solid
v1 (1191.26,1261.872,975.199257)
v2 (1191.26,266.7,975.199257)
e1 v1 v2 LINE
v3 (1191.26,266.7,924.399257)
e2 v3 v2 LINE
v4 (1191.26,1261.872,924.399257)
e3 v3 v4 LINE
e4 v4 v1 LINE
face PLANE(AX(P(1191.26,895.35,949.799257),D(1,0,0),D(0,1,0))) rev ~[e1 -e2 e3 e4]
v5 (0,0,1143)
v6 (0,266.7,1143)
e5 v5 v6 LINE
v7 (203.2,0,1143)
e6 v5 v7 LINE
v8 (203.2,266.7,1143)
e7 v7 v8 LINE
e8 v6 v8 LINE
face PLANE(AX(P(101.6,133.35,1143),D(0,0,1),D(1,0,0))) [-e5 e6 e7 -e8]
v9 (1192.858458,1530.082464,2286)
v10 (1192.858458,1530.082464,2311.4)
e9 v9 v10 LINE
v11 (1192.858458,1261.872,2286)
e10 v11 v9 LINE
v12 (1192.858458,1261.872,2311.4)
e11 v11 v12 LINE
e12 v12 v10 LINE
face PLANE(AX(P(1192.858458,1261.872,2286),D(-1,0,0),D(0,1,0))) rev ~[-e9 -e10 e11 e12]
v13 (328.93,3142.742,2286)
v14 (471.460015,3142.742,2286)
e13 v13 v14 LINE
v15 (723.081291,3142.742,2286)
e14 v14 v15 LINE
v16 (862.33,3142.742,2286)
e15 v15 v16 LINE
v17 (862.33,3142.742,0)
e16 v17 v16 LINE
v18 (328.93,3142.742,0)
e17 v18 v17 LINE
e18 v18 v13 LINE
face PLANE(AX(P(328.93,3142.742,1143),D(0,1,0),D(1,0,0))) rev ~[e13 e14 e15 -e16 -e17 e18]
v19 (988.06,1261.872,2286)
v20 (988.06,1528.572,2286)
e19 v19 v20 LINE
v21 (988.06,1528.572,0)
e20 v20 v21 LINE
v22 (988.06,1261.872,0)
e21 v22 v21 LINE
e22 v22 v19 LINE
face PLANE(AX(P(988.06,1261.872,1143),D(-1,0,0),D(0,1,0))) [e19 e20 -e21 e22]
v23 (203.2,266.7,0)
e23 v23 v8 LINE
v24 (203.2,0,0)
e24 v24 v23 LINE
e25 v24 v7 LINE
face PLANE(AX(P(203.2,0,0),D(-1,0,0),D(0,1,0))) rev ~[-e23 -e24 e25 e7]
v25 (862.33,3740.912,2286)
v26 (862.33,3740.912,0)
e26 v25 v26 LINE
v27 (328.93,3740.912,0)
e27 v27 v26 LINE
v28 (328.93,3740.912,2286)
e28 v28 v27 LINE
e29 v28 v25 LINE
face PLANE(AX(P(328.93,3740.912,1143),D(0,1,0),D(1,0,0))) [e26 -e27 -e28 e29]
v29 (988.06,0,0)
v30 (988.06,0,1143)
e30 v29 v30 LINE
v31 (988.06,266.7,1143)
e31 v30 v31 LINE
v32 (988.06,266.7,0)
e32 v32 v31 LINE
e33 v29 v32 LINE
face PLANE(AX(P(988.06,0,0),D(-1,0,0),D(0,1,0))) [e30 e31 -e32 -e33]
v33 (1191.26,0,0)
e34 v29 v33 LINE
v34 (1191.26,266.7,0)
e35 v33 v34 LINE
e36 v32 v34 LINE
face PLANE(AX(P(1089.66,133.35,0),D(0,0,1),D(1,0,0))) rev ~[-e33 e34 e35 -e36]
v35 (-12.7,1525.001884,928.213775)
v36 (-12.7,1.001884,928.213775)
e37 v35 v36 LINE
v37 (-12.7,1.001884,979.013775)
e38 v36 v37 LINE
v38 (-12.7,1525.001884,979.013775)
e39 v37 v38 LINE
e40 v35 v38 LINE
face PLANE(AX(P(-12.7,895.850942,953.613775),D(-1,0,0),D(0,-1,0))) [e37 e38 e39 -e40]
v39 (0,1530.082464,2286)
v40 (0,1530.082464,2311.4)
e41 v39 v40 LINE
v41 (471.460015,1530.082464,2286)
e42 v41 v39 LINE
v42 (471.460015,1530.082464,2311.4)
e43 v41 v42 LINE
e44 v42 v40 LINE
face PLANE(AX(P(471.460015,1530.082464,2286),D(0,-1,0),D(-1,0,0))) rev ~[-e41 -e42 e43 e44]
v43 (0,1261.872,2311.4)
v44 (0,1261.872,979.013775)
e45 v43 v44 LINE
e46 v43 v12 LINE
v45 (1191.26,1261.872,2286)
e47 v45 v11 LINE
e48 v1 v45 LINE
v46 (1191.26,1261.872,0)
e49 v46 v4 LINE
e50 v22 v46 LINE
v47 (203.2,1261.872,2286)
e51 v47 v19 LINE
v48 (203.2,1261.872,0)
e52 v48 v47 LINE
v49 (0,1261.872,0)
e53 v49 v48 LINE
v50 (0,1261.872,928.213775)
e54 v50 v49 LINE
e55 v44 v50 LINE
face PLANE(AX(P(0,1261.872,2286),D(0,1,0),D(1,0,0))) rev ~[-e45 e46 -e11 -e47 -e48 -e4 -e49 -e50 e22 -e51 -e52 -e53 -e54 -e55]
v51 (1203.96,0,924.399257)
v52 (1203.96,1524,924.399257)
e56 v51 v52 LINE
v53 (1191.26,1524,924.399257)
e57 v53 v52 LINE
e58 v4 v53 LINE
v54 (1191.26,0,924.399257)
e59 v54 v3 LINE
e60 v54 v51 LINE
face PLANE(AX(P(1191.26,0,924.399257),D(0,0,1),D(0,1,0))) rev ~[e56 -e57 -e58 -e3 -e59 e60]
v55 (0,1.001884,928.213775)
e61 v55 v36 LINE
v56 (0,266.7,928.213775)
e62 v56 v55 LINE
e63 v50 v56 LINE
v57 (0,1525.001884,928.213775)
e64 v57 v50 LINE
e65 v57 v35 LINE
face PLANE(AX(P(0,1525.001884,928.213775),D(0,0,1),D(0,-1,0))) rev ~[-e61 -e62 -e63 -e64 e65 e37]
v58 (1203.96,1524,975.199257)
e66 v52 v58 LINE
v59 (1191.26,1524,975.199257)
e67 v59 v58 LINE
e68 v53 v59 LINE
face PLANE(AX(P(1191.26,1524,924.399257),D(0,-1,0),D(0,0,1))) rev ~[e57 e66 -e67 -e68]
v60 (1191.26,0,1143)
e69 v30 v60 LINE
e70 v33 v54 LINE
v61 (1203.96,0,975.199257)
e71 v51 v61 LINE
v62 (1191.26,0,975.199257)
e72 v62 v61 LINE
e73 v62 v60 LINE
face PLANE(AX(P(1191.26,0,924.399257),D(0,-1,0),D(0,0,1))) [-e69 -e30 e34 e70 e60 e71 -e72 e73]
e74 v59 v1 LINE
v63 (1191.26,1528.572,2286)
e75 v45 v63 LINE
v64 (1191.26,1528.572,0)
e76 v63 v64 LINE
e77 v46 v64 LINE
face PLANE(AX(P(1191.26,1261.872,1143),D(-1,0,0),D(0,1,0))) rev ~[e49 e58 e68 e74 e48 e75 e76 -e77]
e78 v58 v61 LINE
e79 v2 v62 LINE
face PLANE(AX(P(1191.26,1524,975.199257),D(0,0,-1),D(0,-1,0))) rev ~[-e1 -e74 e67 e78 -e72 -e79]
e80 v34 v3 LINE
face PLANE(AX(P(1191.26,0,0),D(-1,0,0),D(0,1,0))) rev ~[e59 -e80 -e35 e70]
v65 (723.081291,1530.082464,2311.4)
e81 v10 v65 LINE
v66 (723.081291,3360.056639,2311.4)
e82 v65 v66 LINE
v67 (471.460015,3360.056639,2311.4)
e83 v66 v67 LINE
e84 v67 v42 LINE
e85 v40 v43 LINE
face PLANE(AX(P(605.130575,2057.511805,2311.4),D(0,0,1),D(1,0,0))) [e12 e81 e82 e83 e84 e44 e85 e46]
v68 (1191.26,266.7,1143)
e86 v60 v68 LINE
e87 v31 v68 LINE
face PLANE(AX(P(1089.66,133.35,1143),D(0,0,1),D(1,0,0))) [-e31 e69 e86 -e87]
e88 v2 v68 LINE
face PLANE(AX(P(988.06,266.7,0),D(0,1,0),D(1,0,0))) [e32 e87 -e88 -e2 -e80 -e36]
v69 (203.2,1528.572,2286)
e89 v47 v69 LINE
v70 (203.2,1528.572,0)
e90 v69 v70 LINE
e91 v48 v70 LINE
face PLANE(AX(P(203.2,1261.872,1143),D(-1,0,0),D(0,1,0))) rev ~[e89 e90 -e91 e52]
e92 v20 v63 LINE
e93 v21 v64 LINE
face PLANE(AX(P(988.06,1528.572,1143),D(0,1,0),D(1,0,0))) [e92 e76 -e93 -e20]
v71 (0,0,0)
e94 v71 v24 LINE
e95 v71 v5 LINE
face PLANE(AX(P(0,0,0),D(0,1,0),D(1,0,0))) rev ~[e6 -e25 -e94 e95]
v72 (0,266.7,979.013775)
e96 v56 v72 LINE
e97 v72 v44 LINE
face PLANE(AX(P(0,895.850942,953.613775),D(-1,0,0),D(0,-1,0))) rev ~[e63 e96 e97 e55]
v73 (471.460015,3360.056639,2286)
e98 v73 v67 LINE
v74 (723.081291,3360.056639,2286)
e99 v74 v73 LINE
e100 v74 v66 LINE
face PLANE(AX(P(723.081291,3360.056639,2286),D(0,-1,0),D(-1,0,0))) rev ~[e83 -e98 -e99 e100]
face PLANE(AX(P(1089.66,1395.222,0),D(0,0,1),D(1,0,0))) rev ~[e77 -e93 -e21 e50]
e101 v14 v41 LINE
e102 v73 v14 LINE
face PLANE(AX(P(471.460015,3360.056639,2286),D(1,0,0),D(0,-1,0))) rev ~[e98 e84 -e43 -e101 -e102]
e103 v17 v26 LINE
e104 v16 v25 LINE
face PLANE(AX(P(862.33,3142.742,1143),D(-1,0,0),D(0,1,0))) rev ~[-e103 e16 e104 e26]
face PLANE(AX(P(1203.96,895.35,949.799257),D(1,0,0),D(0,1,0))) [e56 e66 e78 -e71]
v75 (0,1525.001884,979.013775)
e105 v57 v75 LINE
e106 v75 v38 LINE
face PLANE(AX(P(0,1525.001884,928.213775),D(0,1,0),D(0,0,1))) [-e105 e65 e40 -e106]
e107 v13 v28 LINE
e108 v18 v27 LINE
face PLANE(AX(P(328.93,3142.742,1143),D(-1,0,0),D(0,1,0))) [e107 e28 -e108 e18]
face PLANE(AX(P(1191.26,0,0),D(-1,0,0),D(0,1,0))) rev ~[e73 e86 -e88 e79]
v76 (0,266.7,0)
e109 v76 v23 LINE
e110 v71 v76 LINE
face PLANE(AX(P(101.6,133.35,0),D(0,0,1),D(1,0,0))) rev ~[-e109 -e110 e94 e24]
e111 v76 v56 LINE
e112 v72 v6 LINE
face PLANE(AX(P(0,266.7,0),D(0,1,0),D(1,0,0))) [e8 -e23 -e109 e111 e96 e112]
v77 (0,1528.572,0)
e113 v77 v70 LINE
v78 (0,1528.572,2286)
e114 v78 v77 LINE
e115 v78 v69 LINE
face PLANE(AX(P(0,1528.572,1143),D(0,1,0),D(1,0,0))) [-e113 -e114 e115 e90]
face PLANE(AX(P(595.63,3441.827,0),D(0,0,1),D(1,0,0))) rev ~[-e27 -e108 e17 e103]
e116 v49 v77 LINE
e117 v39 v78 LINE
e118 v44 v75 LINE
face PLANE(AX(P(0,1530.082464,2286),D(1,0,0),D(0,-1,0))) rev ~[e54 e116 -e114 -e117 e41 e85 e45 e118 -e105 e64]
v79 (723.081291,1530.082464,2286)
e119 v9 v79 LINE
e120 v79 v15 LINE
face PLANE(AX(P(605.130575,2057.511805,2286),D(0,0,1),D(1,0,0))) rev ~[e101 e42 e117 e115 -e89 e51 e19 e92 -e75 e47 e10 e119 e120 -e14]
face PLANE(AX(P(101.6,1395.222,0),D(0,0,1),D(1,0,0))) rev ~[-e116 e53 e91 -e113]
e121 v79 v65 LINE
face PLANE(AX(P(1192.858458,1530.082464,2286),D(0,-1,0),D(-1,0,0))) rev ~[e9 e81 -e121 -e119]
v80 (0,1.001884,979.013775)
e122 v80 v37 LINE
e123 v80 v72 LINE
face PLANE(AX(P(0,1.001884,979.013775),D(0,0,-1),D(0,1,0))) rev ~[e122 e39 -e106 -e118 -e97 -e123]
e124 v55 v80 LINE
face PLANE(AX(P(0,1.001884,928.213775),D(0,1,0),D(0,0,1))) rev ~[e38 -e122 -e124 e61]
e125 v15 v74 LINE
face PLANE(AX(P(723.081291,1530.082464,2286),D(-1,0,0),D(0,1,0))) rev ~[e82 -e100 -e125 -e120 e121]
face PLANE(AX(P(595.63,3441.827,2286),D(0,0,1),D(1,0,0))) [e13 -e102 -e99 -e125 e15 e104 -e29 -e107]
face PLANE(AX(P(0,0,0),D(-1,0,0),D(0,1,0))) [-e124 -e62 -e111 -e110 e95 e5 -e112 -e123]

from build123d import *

# Parameters (mm, degrees)
F0_W     = 533.4
F0_H     = 598.17
F1_DEPTH = 1143
F0_W_2   = 203.2
F0_H_2   = 266.7
F2_DEPTH = 1143
F3_W     = 203.2
F3_H     = 266.7
F4_DEPTH = 25.4
F6_W     = 1258.3018835068
F6_H     = 50.8
F6_W_2   = 265.6981164932
F7_DEPTH = 12.7
F5_W     = 1257.3
F5_H     = 50.8
F5_W_2   = 266.7
F8_DEPTH = 12.7


with BuildPart() as f1:
    # F0 (on Top) → F1 (new body)
    with BuildSketch(Plane.XY):
        with Locations((595.63, 3441.827)):
            Rectangle(F0_W, F0_H)
    extrude(amount=F1_DEPTH)

    # F2#3 (add): a face of the model
    f2_3_faces = [f1.faces().sort_by_distance(p)[0] for p in [
        (595.63, 3441.827, 1143),
    ]]
    extrude(f2_3_faces, amount=F2_DEPTH)



with BuildPart() as f1b:
    # F0 (on Top) → F1, piece 2 (new body)
    with BuildSketch(Plane.XY):
        with Locations((1089.66, 1395.222)):
            Rectangle(F0_W_2, F0_H_2)
    extrude(amount=F1_DEPTH)

    # F2#2 (add): a face of the model
    f2_2_faces = [f1b.faces().sort_by_distance(p)[0] for p in [
        (1089.66, 1395.222, 1143),
    ]]
    extrude(f2_2_faces, amount=F2_DEPTH)


with BuildPart() as f1c:
    # F0 (on Top) → F1, piece 3 (new body)
    with BuildSketch(Plane.XY):
        with Locations((101.6, 1395.222)):
            Rectangle(F0_W_2, F0_H_2)
    extrude(amount=F1_DEPTH)

    # F2 (add): a face of the model
    f2_faces = [f1c.faces().sort_by_distance(p)[0] for p in [
        (101.6, 1395.222, 1143),
    ]]
    extrude(f2_faces, amount=F2_DEPTH)


with BuildPart() as f1d:
    # F0 (on Top) → F1, piece 4 (new body)
    with BuildSketch(Plane.XY):
        with Locations((101.6, 133.35)):
            Rectangle(F0_W_2, F0_H_2)
    extrude(amount=F1_DEPTH)


with BuildPart() as f1e:
    # F0 (on Top) → F1, piece 5 (new body)
    with BuildSketch(Plane.XY):
        with Locations((1089.66, 133.35)):
            Rectangle(F0_W_2, F0_H_2)
    extrude(amount=F1_DEPTH)


with BuildPart() as f1_1:
    add(f1.part)

    add(f1b.part)  # F4 merges F1b

    add(f1c.part)  # F4 merges F1c
    # F3 (on face) → F4 (join)
    with BuildSketch(Plane.XY.offset(2286)):
        Polygon((203.2, 1528.572), (203.2, 1261.872), (1192.8584575653, 1261.872), (1192.8584575653, 1530.0824642181), (723.0812907219, 1530.0824642181), (723.0812907219, 3360.0566387177), (471.4600145817, 3360.0566387177), (471.4600145817, 1530.0824642181), (0, 1530.0824642181), (0, 1528.572), align=None)
        with Locations((101.6, 1395.222)):
            Rectangle(F3_W, F3_H)
    extrude(amount=F4_DEPTH)


    add(f1d.part)  # F7 merges F1d
    # F6 (on face) → F7 (join)
    with BuildSketch(Plane(origin=(0, 0, 0), x_dir=(0, -1, 0), z_dir=(-1, 0, 0))):
        with Locations((-895.8509417534, 953.6137751579)):
            Rectangle(F6_W, F6_H)
        with Locations((-133.8509417534, 953.6137751579)):
            Rectangle(F6_W_2, F6_H)
    extrude(amount=F7_DEPTH)


    add(f1e.part)  # F8 merges F1e
    # F5 (on face) → F8 (join)
    with BuildSketch(Plane.YZ.offset(1191.26)):
        with Locations((895.35, 949.7992567062)):
            Rectangle(F5_W, F5_H)
        with Locations((133.35, 949.7992567062)):
            Rectangle(F5_W_2, F5_H)
    extrude(amount=F8_DEPTH)


solid = f1_1.part
